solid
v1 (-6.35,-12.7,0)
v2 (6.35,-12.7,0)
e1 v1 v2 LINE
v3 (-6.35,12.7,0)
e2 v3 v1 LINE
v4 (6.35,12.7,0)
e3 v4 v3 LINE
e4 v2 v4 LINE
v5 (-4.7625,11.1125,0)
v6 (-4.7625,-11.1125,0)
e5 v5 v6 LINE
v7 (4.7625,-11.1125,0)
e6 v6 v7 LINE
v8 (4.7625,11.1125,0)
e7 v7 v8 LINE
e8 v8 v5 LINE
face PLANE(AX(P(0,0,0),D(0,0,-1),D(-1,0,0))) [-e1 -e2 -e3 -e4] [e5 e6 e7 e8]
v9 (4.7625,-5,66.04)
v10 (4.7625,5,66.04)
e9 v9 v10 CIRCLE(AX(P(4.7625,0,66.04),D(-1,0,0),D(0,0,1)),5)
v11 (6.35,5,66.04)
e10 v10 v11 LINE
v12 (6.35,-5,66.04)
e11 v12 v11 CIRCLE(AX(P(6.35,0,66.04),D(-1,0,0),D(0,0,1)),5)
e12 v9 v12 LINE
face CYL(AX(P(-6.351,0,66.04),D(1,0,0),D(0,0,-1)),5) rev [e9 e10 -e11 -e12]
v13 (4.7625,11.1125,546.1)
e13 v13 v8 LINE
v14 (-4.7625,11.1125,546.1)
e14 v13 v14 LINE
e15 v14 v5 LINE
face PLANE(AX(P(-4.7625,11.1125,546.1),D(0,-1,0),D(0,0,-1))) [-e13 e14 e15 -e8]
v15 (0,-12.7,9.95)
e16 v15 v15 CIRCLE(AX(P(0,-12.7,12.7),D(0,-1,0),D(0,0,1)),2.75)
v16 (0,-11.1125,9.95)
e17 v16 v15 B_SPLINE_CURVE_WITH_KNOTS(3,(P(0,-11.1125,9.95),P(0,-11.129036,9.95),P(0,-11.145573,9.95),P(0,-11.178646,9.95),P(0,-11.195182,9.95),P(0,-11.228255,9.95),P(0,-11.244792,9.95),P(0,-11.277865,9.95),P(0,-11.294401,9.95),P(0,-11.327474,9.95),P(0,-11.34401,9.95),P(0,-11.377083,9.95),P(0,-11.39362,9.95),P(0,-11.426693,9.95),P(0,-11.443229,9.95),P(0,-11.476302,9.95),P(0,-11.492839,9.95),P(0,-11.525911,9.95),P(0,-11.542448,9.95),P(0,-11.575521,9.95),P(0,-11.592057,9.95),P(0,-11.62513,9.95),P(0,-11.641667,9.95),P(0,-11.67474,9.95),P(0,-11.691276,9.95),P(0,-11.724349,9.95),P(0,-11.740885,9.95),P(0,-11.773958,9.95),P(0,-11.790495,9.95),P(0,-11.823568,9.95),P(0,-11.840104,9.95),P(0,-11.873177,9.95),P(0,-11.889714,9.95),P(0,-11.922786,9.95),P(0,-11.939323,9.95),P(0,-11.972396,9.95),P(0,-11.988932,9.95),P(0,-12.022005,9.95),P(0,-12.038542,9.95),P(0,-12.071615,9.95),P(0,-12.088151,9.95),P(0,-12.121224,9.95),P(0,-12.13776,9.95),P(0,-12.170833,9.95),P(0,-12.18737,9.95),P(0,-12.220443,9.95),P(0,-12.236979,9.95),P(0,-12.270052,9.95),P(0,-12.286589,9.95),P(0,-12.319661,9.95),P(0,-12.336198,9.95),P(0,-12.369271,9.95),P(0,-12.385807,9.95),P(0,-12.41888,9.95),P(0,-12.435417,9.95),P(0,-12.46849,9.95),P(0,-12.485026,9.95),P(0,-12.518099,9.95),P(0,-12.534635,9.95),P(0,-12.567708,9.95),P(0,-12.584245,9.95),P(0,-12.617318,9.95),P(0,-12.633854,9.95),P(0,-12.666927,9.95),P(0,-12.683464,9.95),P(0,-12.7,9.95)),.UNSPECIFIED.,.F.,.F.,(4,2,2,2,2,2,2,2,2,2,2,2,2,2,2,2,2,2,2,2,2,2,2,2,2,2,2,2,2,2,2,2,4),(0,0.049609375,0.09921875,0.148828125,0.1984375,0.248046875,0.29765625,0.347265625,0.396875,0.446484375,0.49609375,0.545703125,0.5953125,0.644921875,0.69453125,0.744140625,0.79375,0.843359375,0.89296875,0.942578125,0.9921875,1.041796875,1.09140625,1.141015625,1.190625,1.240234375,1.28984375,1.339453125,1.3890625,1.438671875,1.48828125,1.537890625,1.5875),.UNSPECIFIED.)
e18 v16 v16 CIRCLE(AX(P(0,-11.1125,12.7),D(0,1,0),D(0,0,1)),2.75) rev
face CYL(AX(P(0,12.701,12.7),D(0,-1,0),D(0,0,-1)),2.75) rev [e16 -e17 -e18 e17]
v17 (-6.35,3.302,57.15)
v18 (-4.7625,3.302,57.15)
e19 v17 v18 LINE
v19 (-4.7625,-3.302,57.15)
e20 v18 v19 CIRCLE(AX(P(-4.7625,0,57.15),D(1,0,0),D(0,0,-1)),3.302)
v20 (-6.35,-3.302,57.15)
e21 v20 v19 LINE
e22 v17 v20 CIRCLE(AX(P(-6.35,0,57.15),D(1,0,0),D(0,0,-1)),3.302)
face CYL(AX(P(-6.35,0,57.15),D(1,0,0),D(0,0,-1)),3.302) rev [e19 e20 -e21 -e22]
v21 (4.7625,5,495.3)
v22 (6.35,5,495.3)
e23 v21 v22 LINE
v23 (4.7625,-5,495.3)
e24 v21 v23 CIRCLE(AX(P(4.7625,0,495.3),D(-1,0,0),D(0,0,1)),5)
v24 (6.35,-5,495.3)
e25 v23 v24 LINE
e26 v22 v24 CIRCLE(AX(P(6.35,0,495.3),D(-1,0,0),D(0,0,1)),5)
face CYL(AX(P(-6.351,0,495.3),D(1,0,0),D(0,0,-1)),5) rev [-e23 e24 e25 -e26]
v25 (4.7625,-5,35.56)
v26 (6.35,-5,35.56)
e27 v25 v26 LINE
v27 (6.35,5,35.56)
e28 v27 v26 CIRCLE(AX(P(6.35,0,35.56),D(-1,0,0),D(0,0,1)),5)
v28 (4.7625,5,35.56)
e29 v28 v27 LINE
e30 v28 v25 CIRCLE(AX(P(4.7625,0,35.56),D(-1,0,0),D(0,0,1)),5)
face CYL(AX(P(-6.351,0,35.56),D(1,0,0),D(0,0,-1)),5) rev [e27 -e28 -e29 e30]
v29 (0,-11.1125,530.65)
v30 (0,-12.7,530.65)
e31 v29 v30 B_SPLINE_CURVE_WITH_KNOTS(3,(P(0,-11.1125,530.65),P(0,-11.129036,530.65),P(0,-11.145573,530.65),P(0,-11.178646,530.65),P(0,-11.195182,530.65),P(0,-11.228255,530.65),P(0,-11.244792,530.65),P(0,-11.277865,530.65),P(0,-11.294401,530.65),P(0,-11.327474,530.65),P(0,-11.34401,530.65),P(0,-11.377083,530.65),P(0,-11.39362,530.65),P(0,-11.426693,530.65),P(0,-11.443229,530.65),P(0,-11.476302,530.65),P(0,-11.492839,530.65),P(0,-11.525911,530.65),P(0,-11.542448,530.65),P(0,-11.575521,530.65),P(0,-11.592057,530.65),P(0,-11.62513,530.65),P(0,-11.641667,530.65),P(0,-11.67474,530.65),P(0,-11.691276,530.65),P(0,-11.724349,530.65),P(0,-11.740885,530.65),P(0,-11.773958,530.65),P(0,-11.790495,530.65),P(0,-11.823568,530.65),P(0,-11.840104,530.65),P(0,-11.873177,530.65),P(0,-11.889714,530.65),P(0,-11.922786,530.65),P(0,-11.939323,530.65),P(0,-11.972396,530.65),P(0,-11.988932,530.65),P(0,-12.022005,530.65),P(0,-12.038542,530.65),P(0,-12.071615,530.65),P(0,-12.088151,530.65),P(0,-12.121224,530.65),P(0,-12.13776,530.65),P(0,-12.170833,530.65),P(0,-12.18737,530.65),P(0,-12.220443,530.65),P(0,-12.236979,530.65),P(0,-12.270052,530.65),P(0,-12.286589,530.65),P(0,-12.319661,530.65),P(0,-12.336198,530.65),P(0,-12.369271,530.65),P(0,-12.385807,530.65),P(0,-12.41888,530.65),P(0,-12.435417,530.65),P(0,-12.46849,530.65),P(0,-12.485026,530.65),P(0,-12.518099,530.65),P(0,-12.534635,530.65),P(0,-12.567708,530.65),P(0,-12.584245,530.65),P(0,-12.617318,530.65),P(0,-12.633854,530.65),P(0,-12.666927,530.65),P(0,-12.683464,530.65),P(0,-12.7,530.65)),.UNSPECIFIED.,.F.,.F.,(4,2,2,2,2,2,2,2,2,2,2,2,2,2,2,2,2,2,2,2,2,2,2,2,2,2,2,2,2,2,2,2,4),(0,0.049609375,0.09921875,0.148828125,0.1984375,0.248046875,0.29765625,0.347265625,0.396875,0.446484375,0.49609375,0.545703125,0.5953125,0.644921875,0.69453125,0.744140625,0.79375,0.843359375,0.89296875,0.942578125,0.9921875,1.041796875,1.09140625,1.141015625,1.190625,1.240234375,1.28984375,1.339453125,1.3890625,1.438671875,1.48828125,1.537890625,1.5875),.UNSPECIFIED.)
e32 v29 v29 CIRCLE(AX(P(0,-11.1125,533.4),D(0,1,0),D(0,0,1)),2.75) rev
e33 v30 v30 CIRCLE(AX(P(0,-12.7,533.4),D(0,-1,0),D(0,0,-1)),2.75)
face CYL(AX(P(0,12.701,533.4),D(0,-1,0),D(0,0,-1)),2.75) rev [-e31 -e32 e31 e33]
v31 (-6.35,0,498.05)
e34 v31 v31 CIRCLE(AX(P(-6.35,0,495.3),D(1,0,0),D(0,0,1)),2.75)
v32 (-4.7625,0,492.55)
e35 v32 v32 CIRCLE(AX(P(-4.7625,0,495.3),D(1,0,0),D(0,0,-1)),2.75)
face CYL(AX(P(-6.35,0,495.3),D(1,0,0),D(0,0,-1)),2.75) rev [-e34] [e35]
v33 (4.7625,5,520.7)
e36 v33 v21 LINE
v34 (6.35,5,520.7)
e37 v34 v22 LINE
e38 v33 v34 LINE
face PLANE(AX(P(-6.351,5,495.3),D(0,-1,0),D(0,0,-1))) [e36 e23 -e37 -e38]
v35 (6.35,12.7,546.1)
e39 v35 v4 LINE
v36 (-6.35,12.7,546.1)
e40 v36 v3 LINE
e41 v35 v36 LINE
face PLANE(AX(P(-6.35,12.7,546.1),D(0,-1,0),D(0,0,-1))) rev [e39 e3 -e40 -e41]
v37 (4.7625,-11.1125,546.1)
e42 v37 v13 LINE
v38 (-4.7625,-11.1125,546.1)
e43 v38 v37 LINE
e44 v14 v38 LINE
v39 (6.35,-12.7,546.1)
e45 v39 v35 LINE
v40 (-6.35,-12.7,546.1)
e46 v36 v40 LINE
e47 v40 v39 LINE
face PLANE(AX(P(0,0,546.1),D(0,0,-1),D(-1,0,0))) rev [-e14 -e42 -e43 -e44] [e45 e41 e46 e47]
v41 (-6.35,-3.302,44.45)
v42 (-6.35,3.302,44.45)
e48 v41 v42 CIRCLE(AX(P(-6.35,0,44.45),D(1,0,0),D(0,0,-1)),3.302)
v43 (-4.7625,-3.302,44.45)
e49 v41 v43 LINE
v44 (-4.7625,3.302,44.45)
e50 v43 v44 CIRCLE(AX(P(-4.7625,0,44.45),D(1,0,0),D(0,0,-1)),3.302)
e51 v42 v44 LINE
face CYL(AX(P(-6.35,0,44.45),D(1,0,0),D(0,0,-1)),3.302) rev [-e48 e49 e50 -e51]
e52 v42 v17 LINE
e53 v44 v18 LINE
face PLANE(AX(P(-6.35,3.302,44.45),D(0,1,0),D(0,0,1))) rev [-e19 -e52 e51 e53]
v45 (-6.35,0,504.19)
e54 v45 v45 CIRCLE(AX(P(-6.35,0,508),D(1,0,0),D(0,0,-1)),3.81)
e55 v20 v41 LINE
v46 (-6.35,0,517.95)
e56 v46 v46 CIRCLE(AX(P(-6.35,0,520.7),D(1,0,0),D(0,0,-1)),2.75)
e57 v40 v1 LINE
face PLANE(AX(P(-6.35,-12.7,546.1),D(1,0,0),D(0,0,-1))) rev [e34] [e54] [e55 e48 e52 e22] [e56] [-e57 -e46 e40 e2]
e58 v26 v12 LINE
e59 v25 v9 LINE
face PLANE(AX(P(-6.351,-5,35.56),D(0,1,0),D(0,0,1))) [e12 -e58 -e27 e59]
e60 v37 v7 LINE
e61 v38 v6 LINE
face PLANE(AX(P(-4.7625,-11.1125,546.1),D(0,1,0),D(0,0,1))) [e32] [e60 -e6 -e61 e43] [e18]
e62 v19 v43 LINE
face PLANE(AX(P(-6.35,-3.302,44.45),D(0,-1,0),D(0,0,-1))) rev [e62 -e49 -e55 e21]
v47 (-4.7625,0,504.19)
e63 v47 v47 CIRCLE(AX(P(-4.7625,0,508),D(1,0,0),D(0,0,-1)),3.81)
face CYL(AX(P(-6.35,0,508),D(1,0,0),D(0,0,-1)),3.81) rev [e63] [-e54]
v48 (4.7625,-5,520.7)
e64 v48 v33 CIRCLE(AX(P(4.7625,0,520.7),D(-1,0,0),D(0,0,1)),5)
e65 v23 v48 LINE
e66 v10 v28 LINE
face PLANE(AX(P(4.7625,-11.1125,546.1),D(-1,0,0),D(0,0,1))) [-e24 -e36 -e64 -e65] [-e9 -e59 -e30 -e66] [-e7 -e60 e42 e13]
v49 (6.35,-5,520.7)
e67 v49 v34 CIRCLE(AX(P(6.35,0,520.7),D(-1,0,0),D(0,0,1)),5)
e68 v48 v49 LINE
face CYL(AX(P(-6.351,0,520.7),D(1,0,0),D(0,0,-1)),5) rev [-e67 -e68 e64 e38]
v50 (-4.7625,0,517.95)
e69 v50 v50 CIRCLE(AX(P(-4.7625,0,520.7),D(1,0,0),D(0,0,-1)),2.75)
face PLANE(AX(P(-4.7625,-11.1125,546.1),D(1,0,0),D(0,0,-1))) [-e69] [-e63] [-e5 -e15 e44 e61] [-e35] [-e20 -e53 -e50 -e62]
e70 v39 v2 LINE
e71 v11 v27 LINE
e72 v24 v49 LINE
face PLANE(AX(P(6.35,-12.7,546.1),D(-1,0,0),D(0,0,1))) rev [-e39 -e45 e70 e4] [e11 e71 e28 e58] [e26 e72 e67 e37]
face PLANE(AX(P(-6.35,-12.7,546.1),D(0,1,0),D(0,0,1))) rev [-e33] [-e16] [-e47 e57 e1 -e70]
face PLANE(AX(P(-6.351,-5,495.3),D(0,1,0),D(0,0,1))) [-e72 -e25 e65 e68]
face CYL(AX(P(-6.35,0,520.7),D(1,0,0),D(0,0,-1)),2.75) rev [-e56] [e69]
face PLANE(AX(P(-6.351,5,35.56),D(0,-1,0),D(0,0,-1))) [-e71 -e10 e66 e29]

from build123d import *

# Parameters (mm, degrees)
SKETCH1_W           = 12.7
SKETCH1_H           = 25.4
SKETCH1_W_2         = 9.525
SKETCH1_H_2         = 22.225
BOSS_EXTRUDE1_DEPTH = 546.1
SKETCH2_R           = 3.81
SKETCH2_R_2         = 2.75
CUT_EXTRUDE1_DEPTH  = 547.395269013
CUT_EXTRUDE3_REACH  = 548.395
CUT_EXTRUDE5_REACH  = 548.727
SKETCH5_R           = 2.75


with BuildPart() as part:
    # Sketch1 → Boss-Extrude1 (new body)
    with BuildSketch(Plane.XY):
        Rectangle(SKETCH1_W, SKETCH1_H)
        Rectangle(SKETCH1_W_2, SKETCH1_H_2, mode=Mode.SUBTRACT)
    extrude(amount=BOSS_EXTRUDE1_DEPTH)

    # Sketch2 → Cut-Extrude1 (cut, through all)
    with BuildSketch(Plane(origin=(6.35, 0, 0), x_dir=(0, 0, -1), z_dir=(1, 0, 0))):
        with Locations((-508, 0)):
            Circle(SKETCH2_R)
        with Locations((-520.7, 0)):
            Circle(SKETCH2_R_2)
        with Locations((-495.3, 0)):
            Circle(SKETCH2_R_2)
        with BuildLine():
            Line((-44.45, -3.302), (-57.15, -3.302))
            ThreePointArc((-57.15, -3.302), (-60.452, 0), (-57.15, 3.302))
            Line((-57.15, 3.302), (-44.45, 3.302))
            ThreePointArc((-44.45, 3.302), (-41.148, 0), (-44.45, -3.302))
        make_face()
    extrude(amount=-CUT_EXTRUDE1_DEPTH, mode=Mode.SUBTRACT)

    # Sketch4 → Cut-Extrude3 (cut, up to next)
    with BuildSketch(Plane.ZY.offset(-6.35), mode=Mode.PRIVATE) as cut_extrude3_sk1:
        with BuildLine():
            Line((35.56, 5), (66.04, 5))
            ThreePointArc((66.04, 5), (71.04, 0), (66.04, -5))
            Line((66.04, -5), (35.56, -5))
            ThreePointArc((35.56, -5), (30.56, 0), (35.56, 5))
        make_face()
    cut_extrude3_tool1 = extrude(cut_extrude3_sk1.sketch, amount=CUT_EXTRUDE3_REACH, mode=Mode.PRIVATE) & part.part
    # Sketch4 → Cut-Extrude3 (cut, up to next)
    with BuildSketch(Plane.ZY.offset(-6.35), mode=Mode.PRIVATE) as cut_extrude3_sk2:
        with BuildLine():
            Line((495.3, 5), (520.7, 5))
            ThreePointArc((520.7, 5), (525.7, 0), (520.7, -5))
            Line((520.7, -5), (495.3, -5))
            ThreePointArc((495.3, -5), (490.3, 0), (495.3, 5))
        make_face()
    cut_extrude3_tool2 = extrude(cut_extrude3_sk2.sketch, amount=CUT_EXTRUDE3_REACH, mode=Mode.PRIVATE) & part.part
    add(cut_extrude3_tool1.solids().sort_by_distance((6.35, 0, 50.8))[0], mode=Mode.SUBTRACT)
    add(cut_extrude3_tool2.solids().sort_by_distance((6.35, 0, 508))[0], mode=Mode.SUBTRACT)

    # Sketch5 → Cut-Extrude5 (cut, up to next)
    with BuildSketch(Plane.XZ.offset(12.7), mode=Mode.PRIVATE) as cut_extrude5_sk1:
        with Locations(Location((0, 533.4, 0), (0, 0, 270))):
            Circle(SKETCH5_R)
    cut_extrude5_tool1 = extrude(cut_extrude5_sk1.sketch, amount=-CUT_EXTRUDE5_REACH, mode=Mode.PRIVATE) & part.part
    # Sketch5 → Cut-Extrude5 (cut, up to next)
    with BuildSketch(Plane.XZ.offset(12.7), mode=Mode.PRIVATE) as cut_extrude5_sk2:
        with Locations(Location((0, 12.7, 0), (0, 0, 270))):
            Circle(SKETCH5_R)
    cut_extrude5_tool2 = extrude(cut_extrude5_sk2.sketch, amount=-CUT_EXTRUDE5_REACH, mode=Mode.PRIVATE) & part.part
    add(cut_extrude5_tool1.solids().sort_by_distance((0, -12.7, 533.4))[0], mode=Mode.SUBTRACT)
    add(cut_extrude5_tool2.solids().sort_by_distance((0, -12.7, 12.7))[0], mode=Mode.SUBTRACT)


solid = part.part
